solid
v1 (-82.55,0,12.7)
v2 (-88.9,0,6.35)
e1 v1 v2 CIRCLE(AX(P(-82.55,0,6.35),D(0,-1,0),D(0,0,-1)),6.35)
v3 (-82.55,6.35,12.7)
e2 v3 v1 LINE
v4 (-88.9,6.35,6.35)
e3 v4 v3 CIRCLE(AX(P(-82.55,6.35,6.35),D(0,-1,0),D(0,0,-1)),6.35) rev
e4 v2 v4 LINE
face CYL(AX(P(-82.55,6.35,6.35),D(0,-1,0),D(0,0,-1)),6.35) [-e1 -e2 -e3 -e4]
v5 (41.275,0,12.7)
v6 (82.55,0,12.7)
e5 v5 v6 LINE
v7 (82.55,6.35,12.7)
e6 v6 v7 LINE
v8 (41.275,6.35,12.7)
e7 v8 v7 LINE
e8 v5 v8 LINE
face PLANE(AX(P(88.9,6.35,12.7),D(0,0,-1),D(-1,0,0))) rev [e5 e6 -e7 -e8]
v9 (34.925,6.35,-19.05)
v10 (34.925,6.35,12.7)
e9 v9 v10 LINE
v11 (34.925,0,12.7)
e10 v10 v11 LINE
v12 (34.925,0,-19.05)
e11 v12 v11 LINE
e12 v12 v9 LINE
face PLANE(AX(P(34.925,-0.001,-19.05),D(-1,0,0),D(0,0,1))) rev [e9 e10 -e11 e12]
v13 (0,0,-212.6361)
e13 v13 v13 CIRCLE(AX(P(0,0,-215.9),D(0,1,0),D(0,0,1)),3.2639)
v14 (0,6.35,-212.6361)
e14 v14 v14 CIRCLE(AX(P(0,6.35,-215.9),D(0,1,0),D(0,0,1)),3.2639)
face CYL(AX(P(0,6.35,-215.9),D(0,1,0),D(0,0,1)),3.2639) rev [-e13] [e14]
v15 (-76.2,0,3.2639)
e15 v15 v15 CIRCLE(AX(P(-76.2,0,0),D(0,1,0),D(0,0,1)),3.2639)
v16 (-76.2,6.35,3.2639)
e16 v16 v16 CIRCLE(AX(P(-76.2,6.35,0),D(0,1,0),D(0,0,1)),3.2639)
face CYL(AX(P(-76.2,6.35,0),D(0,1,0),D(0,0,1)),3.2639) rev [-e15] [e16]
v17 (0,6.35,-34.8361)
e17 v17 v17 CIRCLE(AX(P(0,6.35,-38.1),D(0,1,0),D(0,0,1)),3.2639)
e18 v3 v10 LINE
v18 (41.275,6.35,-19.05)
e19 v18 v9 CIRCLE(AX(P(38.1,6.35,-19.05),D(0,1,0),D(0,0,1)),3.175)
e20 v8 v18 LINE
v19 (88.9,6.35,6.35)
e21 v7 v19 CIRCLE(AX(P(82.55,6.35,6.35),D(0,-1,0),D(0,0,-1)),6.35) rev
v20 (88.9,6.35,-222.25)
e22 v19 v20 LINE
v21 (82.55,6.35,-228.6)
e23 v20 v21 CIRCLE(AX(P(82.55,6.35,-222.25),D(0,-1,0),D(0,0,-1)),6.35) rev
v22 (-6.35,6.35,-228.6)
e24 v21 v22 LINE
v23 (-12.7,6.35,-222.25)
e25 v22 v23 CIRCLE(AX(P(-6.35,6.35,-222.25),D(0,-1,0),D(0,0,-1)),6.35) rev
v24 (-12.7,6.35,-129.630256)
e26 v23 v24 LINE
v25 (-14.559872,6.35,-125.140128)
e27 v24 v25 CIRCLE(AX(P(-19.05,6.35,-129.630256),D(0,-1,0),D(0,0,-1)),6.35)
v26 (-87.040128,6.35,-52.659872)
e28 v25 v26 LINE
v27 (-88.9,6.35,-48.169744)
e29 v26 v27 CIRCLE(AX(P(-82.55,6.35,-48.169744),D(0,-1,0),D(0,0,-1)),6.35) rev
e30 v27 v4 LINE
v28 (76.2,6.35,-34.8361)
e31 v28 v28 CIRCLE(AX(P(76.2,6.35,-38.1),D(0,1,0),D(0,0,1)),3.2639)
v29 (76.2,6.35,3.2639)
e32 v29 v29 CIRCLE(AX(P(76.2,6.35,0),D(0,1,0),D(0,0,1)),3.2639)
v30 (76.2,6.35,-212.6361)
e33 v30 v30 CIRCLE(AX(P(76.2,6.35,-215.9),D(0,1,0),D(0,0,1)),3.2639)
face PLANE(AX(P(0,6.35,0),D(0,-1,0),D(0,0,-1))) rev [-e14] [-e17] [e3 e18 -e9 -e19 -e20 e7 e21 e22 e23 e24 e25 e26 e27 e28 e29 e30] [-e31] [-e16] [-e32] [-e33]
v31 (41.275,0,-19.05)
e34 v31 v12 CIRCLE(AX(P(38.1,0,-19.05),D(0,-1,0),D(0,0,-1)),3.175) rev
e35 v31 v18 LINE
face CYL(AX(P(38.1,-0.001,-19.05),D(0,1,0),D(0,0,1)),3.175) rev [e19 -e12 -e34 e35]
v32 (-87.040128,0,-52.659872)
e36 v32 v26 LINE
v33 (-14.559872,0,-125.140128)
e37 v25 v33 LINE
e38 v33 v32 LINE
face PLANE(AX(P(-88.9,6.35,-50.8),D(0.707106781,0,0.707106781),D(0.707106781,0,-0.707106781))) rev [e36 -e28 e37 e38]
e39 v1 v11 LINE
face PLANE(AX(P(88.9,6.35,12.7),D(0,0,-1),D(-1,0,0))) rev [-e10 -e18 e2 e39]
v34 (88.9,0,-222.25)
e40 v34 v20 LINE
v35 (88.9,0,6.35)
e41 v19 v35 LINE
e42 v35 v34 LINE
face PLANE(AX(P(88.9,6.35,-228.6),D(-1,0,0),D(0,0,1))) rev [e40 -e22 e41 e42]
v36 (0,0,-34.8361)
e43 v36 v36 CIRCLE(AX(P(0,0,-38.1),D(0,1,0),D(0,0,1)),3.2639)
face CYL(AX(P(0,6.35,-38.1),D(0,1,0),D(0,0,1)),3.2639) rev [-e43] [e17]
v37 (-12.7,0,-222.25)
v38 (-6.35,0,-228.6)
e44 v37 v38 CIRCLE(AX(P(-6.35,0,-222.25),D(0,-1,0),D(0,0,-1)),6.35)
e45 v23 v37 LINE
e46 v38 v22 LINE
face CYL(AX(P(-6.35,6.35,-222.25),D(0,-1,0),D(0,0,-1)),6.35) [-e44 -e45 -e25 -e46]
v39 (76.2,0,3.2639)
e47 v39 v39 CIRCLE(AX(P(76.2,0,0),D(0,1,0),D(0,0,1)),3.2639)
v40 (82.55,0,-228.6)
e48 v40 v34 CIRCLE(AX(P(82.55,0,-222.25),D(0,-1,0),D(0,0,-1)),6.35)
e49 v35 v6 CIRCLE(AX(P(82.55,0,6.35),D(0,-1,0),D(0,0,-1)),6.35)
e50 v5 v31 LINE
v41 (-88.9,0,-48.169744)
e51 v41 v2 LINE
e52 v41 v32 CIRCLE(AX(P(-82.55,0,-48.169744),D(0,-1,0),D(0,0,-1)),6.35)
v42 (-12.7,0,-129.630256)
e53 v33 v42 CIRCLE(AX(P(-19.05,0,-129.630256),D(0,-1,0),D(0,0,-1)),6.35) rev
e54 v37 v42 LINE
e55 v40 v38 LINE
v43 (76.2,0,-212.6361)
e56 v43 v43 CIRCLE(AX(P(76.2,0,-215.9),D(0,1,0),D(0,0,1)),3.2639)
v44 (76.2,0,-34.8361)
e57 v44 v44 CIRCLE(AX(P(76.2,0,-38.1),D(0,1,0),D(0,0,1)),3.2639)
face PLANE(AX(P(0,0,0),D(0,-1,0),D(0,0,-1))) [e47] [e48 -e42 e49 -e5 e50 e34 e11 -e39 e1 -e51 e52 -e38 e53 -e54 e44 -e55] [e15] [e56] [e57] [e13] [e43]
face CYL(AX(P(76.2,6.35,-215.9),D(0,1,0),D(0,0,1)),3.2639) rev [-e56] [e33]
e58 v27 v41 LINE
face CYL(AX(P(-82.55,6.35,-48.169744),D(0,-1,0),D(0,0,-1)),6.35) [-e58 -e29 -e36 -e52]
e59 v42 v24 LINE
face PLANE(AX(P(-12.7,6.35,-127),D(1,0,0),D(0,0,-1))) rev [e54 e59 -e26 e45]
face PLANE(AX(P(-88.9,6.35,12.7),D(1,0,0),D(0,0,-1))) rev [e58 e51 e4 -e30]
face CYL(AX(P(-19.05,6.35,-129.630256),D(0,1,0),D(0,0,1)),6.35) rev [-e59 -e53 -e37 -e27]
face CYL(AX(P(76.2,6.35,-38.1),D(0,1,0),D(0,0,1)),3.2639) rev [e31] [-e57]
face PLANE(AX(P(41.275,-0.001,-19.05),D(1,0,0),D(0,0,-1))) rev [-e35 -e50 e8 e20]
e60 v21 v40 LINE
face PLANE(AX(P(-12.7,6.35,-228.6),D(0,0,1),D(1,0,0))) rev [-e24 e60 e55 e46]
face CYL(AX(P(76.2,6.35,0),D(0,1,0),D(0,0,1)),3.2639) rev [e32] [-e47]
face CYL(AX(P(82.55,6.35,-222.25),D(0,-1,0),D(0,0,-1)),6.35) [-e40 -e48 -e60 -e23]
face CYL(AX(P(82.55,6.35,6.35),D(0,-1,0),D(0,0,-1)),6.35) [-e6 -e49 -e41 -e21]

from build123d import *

# Parameters (mm, degrees)
BOSS_EXTRUDE1_DEPTH         = 6.35
F_1_4_CLEARANCE_HOLE1_D     = 6.5278
F_1_4_CLEARANCE_HOLE1_DEPTH = 6.35
F_1_4_CLEARANCE_HOLE1_TIP   = 1.961148974
FILLET1_R                   = 6.35
CUT_EXTRUDE1_REACH          = 8.35


with BuildPart() as part:
    # Sketch1 → Boss-Extrude1 (new body)
    with BuildSketch(Plane(origin=(0, 0, 0), x_dir=(1, 0, 0), z_dir=(0, 1, 0))):
        Polygon((-12.7, 228.6), (88.9, 228.6), (88.9, -12.7), (-88.9, -12.7), (-88.9, 50.8), (-12.7, 127), align=None)
    extrude(amount=BOSS_EXTRUDE1_DEPTH)

    # 1/4 Clearance Hole1
    with Locations(Plane(origin=(0, 6.35, 0), x_dir=(1, 0, 0), z_dir=(0, 1, 0))):
        with Locations((76.2, 215.9), (0, 215.9), (0, 38.1), (76.2, 38.1), (76.2, 0), (-76.2, 0)):
            Hole(F_1_4_CLEARANCE_HOLE1_D / 2, depth=F_1_4_CLEARANCE_HOLE1_DEPTH)
            with Locations((0, 0, -(F_1_4_CLEARANCE_HOLE1_DEPTH + F_1_4_CLEARANCE_HOLE1_TIP / 2))):  # 118° drill point
                Cone(0, F_1_4_CLEARANCE_HOLE1_D / 2, F_1_4_CLEARANCE_HOLE1_TIP, mode=Mode.SUBTRACT)

    # Fillet1
    fillet1_edges = [part.edges().sort_by_distance(p)[0] for p in [
        (-12.7, 3.175, -228.6),
        (88.9, 3.175, -228.6),
        (88.9, 3.175, 12.7),
        (-88.9, 3.175, 12.7),
        (-88.9, 3.175, -50.8),
        (-12.7, 3.175, -127),
    ]]
    fillet(fillet1_edges, radius=FILLET1_R)

    # Sketch4 → Cut-Extrude1 (cut, up to next)
    with BuildSketch(Plane(origin=(0, 6.35, 0), x_dir=(1, 0, 0), z_dir=(0, 1, 0)), mode=Mode.PRIVATE) as cut_extrude1_sk1:
        with BuildLine():
            Line((41.275, 19.05), (41.275, -12.7))
            ThreePointArc((41.275, -12.7), (38.1, -15.875), (34.925, -12.7))
            Line((34.925, -12.7), (34.925, 19.05))
            ThreePointArc((34.925, 19.05), (38.1, 22.225), (41.275, 19.05))
        make_face()
    cut_extrude1_tool1 = extrude(cut_extrude1_sk1.sketch, amount=-CUT_EXTRUDE1_REACH, mode=Mode.PRIVATE) & part.part
    add(cut_extrude1_tool1.solids().sort_by_distance((38.1, 6.35, -3.175))[0], mode=Mode.SUBTRACT)


solid = part.part
